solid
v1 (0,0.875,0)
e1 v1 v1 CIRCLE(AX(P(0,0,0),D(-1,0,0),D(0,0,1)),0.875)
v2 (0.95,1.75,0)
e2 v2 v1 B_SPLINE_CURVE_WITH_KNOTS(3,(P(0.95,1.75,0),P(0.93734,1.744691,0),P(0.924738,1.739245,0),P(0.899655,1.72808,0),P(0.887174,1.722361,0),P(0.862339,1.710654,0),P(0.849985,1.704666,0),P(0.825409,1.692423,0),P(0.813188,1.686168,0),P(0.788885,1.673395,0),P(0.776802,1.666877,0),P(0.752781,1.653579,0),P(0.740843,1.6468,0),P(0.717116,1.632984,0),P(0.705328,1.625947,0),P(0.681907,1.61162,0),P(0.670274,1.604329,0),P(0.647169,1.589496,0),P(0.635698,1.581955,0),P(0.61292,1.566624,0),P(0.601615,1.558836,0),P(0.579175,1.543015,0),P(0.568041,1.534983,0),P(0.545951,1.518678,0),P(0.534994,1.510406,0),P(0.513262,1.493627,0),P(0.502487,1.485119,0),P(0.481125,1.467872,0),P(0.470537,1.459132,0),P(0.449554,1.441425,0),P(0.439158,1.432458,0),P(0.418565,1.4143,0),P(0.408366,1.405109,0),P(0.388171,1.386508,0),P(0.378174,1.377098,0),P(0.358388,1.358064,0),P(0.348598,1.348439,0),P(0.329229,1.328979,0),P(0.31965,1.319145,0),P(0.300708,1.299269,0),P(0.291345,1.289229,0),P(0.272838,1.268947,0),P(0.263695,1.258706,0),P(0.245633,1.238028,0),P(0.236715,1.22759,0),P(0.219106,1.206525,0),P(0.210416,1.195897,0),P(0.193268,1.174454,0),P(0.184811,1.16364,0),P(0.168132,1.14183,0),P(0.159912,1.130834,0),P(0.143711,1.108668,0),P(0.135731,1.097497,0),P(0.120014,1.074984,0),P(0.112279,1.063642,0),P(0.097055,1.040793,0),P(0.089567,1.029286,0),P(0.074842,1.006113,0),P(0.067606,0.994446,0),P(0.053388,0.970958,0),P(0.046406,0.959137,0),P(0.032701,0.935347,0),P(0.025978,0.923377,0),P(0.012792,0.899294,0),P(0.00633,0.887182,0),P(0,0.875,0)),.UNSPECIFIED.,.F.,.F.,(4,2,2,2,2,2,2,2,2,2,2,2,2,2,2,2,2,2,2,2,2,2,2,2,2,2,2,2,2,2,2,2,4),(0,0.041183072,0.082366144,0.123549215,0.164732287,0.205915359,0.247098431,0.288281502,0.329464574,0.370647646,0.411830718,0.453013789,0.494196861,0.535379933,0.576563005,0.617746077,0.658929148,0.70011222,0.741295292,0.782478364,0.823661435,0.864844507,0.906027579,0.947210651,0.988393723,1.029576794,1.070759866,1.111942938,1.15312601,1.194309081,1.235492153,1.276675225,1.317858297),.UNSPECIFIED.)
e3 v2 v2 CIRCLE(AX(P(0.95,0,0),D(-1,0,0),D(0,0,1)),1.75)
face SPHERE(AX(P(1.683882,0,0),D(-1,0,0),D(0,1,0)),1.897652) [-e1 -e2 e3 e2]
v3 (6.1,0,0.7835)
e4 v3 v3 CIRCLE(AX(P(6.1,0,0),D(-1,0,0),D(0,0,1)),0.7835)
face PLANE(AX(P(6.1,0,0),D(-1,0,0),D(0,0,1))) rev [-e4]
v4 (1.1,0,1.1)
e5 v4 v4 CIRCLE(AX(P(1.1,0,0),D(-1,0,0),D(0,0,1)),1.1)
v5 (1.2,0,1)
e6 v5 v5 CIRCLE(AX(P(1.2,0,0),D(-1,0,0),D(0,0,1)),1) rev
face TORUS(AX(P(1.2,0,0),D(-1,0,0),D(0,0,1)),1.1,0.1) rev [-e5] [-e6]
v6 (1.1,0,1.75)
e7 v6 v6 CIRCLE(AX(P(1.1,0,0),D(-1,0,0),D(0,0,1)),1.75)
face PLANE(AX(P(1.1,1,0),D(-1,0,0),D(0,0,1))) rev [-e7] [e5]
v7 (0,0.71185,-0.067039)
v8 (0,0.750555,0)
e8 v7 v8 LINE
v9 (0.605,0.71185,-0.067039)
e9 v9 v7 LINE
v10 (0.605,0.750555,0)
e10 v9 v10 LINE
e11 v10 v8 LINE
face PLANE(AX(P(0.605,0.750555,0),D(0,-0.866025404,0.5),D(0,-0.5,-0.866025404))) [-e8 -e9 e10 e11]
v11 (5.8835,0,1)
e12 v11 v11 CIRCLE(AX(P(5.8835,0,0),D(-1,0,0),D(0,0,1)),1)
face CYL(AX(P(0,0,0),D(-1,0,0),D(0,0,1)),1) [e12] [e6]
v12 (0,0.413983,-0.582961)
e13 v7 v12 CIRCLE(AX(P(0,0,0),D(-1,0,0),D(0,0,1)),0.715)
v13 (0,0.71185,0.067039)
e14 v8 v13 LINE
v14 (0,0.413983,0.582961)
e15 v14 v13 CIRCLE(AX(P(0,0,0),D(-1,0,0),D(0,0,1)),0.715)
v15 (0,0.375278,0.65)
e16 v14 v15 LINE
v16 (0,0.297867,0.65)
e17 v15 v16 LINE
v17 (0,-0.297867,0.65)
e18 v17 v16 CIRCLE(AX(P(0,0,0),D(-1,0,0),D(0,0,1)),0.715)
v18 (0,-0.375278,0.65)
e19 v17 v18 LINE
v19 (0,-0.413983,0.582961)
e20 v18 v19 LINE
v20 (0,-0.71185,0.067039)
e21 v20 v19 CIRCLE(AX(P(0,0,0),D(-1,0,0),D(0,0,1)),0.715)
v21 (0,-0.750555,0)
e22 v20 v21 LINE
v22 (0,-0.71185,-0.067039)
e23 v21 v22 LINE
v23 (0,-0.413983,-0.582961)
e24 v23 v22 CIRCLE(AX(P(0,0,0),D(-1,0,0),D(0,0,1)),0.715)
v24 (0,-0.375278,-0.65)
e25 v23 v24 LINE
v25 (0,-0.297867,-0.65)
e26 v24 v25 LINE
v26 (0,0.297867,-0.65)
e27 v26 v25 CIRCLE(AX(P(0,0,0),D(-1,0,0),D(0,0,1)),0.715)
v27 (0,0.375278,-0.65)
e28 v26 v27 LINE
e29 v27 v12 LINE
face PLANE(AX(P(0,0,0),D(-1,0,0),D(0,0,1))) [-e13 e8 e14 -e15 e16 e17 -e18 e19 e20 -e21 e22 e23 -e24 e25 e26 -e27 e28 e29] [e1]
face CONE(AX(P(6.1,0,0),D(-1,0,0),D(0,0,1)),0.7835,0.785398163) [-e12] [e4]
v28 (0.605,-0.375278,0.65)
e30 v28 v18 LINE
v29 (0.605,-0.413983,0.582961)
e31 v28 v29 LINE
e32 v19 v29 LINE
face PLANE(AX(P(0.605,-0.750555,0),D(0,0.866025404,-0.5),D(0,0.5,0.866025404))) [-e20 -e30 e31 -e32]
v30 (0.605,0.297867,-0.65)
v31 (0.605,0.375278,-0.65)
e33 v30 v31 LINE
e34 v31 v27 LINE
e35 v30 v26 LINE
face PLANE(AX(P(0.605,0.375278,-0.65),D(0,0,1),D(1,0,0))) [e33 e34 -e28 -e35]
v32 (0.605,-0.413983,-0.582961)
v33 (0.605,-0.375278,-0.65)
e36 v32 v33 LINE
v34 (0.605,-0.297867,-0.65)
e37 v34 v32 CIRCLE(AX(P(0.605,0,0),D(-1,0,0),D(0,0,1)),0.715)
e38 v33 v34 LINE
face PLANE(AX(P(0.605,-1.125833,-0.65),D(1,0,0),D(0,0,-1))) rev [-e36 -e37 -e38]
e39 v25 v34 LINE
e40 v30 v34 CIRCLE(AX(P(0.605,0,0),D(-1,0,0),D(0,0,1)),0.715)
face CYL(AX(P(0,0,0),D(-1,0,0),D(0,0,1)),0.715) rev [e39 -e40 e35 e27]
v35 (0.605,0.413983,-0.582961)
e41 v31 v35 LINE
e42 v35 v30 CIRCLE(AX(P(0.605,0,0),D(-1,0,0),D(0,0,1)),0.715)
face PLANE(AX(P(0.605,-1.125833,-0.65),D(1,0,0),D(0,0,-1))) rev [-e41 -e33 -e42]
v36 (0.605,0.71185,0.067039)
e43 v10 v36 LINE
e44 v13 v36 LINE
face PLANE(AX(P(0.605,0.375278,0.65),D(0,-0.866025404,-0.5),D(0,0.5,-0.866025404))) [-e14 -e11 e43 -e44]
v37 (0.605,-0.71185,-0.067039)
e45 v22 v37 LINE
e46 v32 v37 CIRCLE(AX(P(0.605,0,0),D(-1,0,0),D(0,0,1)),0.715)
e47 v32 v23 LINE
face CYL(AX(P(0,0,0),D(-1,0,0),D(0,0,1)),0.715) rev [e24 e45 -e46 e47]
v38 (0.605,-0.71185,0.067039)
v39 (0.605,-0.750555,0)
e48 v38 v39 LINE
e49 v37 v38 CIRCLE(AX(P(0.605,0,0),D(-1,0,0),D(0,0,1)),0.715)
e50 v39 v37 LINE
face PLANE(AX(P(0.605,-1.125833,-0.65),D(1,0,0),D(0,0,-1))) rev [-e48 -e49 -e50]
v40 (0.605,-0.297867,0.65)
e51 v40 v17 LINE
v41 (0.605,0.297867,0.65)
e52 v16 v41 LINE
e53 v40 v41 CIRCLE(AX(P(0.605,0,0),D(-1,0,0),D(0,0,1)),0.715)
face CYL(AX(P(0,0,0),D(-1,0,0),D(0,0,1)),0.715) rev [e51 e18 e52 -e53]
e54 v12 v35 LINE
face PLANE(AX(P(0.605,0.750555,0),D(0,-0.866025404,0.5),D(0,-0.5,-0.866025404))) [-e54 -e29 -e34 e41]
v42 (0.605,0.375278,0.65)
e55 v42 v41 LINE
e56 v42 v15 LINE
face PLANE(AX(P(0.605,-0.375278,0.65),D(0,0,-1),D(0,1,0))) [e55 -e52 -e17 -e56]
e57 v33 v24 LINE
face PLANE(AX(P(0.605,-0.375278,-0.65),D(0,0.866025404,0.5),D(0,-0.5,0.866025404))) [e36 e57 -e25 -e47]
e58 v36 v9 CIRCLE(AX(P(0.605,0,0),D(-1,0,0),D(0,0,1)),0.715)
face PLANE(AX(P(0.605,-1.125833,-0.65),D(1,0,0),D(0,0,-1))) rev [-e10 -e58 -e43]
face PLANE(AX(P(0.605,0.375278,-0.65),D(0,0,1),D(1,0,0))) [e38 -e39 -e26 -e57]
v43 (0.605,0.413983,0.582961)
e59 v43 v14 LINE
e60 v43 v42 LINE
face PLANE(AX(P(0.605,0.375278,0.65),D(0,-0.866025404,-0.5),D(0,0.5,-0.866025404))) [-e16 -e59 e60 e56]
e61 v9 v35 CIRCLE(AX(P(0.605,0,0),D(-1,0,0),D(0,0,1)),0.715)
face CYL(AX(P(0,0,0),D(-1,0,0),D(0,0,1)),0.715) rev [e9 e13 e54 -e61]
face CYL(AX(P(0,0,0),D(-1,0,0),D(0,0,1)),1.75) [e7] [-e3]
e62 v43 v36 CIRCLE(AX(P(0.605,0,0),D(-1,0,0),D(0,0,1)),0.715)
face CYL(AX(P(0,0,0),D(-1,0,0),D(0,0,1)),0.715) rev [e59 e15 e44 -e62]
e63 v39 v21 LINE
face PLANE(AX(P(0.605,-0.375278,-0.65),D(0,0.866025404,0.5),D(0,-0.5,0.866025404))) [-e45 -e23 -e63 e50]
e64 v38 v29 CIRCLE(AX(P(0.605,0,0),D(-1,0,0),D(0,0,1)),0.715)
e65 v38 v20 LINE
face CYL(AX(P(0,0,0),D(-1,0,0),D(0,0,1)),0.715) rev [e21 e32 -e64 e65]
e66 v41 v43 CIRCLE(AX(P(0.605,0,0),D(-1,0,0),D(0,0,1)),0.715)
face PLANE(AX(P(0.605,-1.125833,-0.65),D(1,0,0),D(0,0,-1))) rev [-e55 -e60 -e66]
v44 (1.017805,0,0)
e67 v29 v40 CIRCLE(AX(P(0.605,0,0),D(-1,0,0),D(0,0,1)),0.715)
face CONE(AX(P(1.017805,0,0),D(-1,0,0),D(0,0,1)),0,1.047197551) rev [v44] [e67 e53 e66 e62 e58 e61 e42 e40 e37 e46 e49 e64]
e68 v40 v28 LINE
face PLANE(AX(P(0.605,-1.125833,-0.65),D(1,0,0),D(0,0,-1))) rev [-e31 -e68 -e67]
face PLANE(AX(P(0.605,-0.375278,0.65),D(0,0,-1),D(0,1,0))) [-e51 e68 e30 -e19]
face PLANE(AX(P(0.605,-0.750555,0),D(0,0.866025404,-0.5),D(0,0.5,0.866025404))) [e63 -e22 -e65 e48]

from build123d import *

# Parameters (mm, degrees)
FILLET1_R   = 0.1
HEX_2_DEPTH = 0.605


with BuildPart() as part:
    # BodySke → BaseBody (revolve)
    with BuildSketch(Plane.XY, mode=Mode.PRIVATE) as basebody_sk:
        with BuildLine():
            Line((6.1, 0), (6.1, 0.7835))
            Line((6.1, 0.7835), (5.8835, 1))
            Line((5.8835, 1), (1.1, 1))
            Line((1.1, 1), (1.1, 1.75))
            Line((1.1, 1.75), (0.95, 1.75))
            ThreePointArc((0.95, 1.75), (0.398268526, 1.395808457), (0, 0.875))
            Line((0, 0.875), (0, 0))
            Line((0, 0), (6.1, 0))
        make_face()
    revolve(basebody_sk.sketch.rotate(Axis((0, 0, 0), (1, 0, 0)), 90), axis=Axis((0, 0, 0), (1, 0, 0)))

    # Fillet1
    fillet1_edges = [part.edges().sort_by_distance(p)[0] for p in [
        (1.1, 0, -1),
    ]]
    fillet(fillet1_edges, radius=FILLET1_R)

    # Sketch2 → PreBroach (revolve, cut)
    with BuildSketch(Plane.XY, mode=Mode.PRIVATE) as prebroach_sk:
        Polygon((0, 0.715), (0.605, 0.715), (1.017805442, 0), (0, 0), align=None)
    revolve(prebroach_sk.sketch.rotate(Axis((0, 0, 0), (1, 0, 0)), 90), axis=Axis((0, 0, 0), (1, 0, 0)), mode=Mode.SUBTRACT)

    # Sketch3 → Hex 2 (cut)
    with BuildSketch(Plane(origin=(0, 0, 0), x_dir=(0, 0, -1), z_dir=(1, 0, 0))):
        Polygon((-0.65, -0.375277675), (-0.65, 0.375277675), (0, 0.75055535), (0.65, 0.375277675), (0.65, -0.375277675), (0, -0.75055535), align=None)
    extrude(amount=HEX_2_DEPTH, mode=Mode.SUBTRACT)


solid = part.part
